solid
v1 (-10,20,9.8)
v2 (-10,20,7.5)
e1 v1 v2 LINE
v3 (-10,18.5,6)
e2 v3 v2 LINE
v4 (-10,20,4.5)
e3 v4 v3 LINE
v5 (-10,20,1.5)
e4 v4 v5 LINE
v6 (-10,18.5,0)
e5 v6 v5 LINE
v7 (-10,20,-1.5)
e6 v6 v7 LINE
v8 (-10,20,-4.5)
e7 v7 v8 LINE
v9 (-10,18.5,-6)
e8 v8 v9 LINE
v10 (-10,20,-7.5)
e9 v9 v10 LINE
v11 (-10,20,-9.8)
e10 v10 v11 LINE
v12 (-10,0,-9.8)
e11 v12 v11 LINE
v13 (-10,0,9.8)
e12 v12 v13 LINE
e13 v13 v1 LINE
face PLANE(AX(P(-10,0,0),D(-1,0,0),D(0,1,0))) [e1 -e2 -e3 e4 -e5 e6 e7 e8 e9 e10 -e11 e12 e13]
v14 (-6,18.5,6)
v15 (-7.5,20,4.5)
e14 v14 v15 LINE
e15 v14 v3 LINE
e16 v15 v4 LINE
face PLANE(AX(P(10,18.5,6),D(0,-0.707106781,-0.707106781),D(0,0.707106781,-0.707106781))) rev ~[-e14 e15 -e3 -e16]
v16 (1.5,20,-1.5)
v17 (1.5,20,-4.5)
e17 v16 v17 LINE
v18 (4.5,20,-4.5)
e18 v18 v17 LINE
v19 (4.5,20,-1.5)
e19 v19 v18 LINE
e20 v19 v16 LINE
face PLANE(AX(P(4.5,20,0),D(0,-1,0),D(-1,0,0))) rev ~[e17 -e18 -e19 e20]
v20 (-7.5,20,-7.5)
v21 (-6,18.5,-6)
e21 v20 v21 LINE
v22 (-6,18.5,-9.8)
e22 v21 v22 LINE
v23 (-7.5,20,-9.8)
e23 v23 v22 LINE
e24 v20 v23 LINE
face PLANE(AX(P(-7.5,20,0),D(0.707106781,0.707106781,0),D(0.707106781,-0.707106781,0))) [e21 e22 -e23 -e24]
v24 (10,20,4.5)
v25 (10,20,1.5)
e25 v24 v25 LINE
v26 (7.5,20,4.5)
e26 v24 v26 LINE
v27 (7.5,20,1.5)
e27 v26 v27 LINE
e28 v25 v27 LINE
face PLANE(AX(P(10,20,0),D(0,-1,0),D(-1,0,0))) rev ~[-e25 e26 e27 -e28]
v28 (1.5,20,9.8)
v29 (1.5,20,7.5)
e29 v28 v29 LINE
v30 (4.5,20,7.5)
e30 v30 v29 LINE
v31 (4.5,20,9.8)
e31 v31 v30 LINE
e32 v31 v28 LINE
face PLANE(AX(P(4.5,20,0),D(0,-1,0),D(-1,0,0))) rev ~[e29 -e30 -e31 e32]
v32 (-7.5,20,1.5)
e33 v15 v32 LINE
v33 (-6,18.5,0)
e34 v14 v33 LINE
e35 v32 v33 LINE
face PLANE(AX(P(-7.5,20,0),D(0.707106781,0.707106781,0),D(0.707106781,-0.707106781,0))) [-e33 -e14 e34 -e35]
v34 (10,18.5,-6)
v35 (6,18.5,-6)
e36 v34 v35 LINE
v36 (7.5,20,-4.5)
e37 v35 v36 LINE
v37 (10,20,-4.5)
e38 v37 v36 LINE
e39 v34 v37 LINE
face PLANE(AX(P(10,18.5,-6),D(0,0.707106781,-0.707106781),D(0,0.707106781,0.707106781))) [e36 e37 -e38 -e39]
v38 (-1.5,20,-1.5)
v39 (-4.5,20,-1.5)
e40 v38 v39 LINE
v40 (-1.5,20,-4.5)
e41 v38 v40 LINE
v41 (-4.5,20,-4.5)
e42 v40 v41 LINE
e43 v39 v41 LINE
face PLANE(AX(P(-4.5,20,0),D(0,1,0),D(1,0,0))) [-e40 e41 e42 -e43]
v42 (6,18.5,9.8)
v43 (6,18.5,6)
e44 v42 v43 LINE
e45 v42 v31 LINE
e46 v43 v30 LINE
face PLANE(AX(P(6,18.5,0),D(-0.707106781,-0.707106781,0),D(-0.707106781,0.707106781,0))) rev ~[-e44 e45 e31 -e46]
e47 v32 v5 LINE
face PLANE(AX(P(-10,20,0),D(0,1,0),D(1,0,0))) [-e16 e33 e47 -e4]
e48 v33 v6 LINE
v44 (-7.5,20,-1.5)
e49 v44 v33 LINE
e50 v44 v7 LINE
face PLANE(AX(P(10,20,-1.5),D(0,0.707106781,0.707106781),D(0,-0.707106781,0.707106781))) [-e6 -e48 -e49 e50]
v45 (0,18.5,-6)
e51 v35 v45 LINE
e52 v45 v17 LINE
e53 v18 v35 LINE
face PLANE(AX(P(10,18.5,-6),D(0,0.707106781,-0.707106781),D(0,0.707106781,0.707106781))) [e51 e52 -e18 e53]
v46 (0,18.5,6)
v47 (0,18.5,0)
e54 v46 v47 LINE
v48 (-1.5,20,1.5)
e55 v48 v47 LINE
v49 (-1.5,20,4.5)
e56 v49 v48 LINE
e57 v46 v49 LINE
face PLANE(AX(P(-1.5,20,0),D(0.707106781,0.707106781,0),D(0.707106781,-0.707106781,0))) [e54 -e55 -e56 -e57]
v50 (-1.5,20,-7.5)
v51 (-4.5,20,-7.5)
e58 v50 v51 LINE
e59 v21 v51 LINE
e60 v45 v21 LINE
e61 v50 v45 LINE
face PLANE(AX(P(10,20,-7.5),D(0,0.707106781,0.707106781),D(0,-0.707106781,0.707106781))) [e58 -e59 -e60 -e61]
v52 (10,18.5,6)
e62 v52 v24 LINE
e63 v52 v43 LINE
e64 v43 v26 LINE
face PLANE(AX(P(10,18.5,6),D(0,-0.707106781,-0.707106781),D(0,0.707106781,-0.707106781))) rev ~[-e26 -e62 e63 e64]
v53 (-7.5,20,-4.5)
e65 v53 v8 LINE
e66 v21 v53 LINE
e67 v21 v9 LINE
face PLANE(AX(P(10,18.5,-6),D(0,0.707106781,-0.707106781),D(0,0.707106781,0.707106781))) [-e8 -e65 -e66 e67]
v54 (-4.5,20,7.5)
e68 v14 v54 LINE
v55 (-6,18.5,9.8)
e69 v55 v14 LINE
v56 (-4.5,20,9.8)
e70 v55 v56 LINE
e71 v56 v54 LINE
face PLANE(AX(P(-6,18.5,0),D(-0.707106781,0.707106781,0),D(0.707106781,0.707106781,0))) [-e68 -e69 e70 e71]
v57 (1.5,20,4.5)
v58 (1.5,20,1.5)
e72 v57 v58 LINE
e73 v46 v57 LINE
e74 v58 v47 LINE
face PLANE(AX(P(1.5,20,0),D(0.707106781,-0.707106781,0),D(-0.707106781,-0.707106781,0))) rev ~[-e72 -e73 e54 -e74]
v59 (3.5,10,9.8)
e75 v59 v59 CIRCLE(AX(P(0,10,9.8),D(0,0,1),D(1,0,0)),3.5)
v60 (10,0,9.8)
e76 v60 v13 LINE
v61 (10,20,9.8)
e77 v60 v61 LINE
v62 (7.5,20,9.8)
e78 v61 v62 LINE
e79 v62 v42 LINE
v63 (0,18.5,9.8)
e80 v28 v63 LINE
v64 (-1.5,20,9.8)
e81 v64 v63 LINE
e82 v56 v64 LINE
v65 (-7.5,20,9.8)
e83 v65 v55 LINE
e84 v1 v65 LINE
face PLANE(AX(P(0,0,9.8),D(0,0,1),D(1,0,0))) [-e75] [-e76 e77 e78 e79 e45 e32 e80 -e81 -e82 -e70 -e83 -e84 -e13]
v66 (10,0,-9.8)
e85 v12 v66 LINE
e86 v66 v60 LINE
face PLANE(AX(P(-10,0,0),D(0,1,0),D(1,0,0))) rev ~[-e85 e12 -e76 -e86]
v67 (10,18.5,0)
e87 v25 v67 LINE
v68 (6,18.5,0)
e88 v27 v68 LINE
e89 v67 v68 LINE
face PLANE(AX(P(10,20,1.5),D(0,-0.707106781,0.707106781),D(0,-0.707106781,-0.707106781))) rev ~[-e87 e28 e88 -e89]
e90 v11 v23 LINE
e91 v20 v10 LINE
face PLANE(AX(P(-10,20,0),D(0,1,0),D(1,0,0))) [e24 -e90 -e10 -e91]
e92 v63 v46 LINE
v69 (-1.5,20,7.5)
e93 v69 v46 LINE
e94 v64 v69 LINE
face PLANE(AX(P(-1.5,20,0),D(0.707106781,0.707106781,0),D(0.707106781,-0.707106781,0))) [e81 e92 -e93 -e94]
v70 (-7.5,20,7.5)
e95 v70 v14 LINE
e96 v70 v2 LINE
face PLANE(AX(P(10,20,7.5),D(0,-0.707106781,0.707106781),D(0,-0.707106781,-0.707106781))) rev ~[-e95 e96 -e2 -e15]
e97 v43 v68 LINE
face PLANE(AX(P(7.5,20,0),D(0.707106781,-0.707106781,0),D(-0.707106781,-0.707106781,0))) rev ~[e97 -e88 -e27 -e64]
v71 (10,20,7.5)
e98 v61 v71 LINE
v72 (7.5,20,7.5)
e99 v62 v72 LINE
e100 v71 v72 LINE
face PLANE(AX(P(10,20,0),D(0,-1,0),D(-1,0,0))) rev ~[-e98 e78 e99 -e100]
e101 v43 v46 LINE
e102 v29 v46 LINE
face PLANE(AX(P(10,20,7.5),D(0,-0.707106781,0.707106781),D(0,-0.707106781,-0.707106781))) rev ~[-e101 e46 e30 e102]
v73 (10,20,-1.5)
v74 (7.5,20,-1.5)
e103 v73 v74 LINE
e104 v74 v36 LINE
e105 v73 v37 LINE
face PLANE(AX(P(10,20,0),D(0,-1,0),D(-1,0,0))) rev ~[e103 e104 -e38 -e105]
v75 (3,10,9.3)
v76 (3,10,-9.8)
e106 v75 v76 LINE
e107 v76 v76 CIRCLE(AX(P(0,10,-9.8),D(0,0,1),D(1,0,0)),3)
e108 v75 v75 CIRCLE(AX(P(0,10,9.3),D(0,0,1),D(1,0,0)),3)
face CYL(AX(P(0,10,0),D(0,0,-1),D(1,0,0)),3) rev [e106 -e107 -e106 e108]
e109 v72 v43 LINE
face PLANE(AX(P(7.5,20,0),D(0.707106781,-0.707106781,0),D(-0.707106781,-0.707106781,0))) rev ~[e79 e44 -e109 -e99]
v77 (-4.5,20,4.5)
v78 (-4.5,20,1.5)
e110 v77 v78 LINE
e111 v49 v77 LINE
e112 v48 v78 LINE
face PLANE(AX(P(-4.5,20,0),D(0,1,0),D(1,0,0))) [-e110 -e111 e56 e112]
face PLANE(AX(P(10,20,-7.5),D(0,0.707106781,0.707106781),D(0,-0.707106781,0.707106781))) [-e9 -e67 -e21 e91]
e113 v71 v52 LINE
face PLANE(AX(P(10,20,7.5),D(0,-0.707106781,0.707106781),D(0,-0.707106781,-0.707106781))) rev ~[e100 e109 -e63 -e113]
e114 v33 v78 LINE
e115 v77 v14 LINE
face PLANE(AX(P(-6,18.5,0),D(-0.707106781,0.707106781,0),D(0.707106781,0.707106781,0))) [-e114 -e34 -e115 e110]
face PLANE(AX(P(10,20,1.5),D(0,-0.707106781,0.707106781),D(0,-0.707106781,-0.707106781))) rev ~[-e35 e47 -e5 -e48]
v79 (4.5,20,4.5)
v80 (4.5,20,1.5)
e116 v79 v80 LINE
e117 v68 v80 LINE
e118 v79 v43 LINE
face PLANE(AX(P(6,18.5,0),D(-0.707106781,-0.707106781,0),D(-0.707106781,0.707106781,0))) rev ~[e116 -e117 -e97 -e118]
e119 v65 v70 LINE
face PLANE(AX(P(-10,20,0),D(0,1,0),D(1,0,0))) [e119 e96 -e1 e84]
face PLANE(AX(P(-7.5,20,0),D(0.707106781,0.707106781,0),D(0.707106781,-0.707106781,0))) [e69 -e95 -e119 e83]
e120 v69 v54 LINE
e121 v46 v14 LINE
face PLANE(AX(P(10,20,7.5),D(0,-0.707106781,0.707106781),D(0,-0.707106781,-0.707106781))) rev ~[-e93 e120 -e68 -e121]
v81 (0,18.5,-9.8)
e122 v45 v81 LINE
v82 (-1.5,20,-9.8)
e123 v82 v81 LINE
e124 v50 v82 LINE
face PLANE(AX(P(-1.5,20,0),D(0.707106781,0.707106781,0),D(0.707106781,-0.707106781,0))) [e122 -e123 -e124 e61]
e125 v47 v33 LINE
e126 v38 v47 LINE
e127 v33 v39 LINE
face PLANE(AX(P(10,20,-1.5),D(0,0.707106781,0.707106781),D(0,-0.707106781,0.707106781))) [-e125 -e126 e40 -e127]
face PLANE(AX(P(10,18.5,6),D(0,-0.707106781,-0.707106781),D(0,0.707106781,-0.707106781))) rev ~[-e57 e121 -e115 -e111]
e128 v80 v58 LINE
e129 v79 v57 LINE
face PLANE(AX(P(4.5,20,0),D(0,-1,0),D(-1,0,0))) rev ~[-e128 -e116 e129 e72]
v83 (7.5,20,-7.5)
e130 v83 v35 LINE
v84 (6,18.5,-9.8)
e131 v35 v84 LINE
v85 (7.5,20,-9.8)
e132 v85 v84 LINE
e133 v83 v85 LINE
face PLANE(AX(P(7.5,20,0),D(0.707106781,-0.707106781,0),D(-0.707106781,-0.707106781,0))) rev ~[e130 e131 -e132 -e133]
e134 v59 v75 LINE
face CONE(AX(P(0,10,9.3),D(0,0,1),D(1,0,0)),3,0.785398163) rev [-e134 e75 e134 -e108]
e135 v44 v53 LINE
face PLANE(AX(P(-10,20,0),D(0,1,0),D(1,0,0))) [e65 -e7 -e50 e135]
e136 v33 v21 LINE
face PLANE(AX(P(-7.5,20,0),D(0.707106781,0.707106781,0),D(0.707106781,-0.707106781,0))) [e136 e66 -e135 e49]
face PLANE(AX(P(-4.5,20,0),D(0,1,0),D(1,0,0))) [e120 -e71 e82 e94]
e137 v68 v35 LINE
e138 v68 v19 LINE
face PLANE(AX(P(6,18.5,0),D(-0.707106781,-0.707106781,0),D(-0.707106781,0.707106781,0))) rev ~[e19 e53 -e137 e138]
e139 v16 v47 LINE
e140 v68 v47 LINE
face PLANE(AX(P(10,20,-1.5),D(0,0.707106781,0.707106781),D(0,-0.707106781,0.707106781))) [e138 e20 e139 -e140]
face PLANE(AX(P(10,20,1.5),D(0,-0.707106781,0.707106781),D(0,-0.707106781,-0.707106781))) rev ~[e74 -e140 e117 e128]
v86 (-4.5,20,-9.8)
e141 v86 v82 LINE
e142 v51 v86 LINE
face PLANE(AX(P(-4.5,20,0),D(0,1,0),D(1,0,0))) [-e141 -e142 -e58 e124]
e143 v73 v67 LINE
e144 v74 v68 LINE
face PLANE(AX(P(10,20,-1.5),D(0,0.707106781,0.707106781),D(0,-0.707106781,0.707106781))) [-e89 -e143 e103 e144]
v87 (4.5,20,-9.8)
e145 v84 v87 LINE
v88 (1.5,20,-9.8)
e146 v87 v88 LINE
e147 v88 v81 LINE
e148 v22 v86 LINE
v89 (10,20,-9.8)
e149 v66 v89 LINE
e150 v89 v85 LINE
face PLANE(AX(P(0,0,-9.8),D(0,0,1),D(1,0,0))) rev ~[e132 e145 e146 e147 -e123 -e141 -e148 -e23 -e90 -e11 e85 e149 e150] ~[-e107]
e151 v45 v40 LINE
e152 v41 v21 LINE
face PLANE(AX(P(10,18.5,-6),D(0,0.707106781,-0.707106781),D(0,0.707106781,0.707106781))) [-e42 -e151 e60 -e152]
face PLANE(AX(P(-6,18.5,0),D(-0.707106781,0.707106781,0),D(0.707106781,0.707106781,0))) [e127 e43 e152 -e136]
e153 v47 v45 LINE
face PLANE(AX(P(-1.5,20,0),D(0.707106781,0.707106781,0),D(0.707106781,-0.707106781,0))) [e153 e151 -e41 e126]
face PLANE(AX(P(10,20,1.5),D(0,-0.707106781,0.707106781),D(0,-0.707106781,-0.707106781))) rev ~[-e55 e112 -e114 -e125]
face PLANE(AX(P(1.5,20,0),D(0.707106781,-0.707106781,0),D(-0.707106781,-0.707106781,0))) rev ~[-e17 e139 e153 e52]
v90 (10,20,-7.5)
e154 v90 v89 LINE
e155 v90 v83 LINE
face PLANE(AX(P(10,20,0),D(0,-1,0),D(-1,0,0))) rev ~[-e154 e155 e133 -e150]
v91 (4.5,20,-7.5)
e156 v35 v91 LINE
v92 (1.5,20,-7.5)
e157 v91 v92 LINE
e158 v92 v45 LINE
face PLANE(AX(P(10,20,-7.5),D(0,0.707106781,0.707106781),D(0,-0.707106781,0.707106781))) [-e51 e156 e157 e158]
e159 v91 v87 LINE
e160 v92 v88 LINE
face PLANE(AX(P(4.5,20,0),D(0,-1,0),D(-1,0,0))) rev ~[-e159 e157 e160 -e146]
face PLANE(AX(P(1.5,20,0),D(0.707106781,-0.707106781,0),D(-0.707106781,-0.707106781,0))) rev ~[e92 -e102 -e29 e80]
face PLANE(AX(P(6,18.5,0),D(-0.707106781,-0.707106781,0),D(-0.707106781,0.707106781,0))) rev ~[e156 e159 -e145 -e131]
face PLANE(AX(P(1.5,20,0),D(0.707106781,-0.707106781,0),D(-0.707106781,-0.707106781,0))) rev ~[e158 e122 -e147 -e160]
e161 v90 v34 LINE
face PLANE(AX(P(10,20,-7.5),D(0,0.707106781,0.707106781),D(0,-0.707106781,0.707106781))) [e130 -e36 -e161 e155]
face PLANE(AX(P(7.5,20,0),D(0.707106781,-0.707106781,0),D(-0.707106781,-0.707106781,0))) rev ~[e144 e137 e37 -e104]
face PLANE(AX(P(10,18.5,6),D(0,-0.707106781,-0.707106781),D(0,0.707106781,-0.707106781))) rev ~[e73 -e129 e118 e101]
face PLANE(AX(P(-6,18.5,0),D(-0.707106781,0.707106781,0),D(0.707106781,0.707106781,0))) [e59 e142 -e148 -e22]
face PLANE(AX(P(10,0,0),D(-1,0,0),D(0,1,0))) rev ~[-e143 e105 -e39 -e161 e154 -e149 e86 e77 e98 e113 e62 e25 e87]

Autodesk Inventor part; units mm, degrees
ref_plane "YZ Plane" through (0, 0, 0) normal (1, 0, 0) x (0, 1, 0)
ref_plane "XZ Plane" through (0, 0, 0) normal (0, 1, 0) x (-1, 0, 0)
ref_plane "XY Plane" through (0, 0, 0) normal (0, 0, 1) x (1, 0, 0)
sketch "Sketch1" plane through (0, 0, 0) normal (0, 0, 1) x (1, 0, 0)
  line L0 (-10, 0) -> (0, 0)
  line L1 (-10, 0) -> (-10, 20)
  line L2 (-10, 20) -> (-7.5, 20)
  line L3 (-4.5, 20) -> (-1.5, 20)
  line L4 (-7.5, 20) -> (-6, 18.5)
  line L5 (-6, 18.5) -> (-4.5, 20)
  line L6 (-1.5, 20) -> (0, 18.5)
  line L7 (0, 18.5) -> (0, 0) construction
  line L8 (10, 0) -> (0, 0)
  line L9 (10, 0) -> (10, 20)
  line L10 (10, 20) -> (7.5, 20)
  line L11 (4.5, 20) -> (1.5, 20)
  line L12 (7.5, 20) -> (6, 18.5)
  line L13 (6, 18.5) -> (4.5, 20)
  line L14 (1.5, 20) -> (0, 18.5)
  circle A0 centre (0, 10) radius 3
  dimension "d0" = 6
  dimension "d1" = 20
  dimension "d2" = 20
  dimension "d3" = 1.5
  dimension "d4" = 6
  dimension "d5" = 10
extrude "Extrusion1" add sketch "Sketch1" along normal mid plane 19.6
sketch "Sketch2" plane through (10, 0, 9.8) normal (1, 0, 0) x (0, 0, -1)
  line L0 (19.6, 20) -> (0, 20) projected
  line L1 (9.8, 20) -> (9.8, 0) construction
  line L2 (0, 13) -> (19.6, 13) projected
  line L3 (2.3, 20) -> (3.8, 18.5)
  line L4 (3.8, 18.5) -> (5.3, 20)
  line L5 (19.6, 20) -> (0, 20) projected
  line L6 (8.3, 20) -> (9.8, 18.5)
  line L7 (17.3, 20) -> (15.8, 18.5)
  line L8 (15.8, 18.5) -> (14.3, 20)
  line L9 (11.3, 20) -> (9.8, 18.5)
  dimension "d8" = 1.5
  dimension "d9" = 6
extrude "Extrusion2" cut sketch "Sketch2" against normal through all
chamfer "Chamfer1" distance 0.5 angle 45 1 edges at (-3, 10, 9.8)
properties part number "Foot" material "Steel"
